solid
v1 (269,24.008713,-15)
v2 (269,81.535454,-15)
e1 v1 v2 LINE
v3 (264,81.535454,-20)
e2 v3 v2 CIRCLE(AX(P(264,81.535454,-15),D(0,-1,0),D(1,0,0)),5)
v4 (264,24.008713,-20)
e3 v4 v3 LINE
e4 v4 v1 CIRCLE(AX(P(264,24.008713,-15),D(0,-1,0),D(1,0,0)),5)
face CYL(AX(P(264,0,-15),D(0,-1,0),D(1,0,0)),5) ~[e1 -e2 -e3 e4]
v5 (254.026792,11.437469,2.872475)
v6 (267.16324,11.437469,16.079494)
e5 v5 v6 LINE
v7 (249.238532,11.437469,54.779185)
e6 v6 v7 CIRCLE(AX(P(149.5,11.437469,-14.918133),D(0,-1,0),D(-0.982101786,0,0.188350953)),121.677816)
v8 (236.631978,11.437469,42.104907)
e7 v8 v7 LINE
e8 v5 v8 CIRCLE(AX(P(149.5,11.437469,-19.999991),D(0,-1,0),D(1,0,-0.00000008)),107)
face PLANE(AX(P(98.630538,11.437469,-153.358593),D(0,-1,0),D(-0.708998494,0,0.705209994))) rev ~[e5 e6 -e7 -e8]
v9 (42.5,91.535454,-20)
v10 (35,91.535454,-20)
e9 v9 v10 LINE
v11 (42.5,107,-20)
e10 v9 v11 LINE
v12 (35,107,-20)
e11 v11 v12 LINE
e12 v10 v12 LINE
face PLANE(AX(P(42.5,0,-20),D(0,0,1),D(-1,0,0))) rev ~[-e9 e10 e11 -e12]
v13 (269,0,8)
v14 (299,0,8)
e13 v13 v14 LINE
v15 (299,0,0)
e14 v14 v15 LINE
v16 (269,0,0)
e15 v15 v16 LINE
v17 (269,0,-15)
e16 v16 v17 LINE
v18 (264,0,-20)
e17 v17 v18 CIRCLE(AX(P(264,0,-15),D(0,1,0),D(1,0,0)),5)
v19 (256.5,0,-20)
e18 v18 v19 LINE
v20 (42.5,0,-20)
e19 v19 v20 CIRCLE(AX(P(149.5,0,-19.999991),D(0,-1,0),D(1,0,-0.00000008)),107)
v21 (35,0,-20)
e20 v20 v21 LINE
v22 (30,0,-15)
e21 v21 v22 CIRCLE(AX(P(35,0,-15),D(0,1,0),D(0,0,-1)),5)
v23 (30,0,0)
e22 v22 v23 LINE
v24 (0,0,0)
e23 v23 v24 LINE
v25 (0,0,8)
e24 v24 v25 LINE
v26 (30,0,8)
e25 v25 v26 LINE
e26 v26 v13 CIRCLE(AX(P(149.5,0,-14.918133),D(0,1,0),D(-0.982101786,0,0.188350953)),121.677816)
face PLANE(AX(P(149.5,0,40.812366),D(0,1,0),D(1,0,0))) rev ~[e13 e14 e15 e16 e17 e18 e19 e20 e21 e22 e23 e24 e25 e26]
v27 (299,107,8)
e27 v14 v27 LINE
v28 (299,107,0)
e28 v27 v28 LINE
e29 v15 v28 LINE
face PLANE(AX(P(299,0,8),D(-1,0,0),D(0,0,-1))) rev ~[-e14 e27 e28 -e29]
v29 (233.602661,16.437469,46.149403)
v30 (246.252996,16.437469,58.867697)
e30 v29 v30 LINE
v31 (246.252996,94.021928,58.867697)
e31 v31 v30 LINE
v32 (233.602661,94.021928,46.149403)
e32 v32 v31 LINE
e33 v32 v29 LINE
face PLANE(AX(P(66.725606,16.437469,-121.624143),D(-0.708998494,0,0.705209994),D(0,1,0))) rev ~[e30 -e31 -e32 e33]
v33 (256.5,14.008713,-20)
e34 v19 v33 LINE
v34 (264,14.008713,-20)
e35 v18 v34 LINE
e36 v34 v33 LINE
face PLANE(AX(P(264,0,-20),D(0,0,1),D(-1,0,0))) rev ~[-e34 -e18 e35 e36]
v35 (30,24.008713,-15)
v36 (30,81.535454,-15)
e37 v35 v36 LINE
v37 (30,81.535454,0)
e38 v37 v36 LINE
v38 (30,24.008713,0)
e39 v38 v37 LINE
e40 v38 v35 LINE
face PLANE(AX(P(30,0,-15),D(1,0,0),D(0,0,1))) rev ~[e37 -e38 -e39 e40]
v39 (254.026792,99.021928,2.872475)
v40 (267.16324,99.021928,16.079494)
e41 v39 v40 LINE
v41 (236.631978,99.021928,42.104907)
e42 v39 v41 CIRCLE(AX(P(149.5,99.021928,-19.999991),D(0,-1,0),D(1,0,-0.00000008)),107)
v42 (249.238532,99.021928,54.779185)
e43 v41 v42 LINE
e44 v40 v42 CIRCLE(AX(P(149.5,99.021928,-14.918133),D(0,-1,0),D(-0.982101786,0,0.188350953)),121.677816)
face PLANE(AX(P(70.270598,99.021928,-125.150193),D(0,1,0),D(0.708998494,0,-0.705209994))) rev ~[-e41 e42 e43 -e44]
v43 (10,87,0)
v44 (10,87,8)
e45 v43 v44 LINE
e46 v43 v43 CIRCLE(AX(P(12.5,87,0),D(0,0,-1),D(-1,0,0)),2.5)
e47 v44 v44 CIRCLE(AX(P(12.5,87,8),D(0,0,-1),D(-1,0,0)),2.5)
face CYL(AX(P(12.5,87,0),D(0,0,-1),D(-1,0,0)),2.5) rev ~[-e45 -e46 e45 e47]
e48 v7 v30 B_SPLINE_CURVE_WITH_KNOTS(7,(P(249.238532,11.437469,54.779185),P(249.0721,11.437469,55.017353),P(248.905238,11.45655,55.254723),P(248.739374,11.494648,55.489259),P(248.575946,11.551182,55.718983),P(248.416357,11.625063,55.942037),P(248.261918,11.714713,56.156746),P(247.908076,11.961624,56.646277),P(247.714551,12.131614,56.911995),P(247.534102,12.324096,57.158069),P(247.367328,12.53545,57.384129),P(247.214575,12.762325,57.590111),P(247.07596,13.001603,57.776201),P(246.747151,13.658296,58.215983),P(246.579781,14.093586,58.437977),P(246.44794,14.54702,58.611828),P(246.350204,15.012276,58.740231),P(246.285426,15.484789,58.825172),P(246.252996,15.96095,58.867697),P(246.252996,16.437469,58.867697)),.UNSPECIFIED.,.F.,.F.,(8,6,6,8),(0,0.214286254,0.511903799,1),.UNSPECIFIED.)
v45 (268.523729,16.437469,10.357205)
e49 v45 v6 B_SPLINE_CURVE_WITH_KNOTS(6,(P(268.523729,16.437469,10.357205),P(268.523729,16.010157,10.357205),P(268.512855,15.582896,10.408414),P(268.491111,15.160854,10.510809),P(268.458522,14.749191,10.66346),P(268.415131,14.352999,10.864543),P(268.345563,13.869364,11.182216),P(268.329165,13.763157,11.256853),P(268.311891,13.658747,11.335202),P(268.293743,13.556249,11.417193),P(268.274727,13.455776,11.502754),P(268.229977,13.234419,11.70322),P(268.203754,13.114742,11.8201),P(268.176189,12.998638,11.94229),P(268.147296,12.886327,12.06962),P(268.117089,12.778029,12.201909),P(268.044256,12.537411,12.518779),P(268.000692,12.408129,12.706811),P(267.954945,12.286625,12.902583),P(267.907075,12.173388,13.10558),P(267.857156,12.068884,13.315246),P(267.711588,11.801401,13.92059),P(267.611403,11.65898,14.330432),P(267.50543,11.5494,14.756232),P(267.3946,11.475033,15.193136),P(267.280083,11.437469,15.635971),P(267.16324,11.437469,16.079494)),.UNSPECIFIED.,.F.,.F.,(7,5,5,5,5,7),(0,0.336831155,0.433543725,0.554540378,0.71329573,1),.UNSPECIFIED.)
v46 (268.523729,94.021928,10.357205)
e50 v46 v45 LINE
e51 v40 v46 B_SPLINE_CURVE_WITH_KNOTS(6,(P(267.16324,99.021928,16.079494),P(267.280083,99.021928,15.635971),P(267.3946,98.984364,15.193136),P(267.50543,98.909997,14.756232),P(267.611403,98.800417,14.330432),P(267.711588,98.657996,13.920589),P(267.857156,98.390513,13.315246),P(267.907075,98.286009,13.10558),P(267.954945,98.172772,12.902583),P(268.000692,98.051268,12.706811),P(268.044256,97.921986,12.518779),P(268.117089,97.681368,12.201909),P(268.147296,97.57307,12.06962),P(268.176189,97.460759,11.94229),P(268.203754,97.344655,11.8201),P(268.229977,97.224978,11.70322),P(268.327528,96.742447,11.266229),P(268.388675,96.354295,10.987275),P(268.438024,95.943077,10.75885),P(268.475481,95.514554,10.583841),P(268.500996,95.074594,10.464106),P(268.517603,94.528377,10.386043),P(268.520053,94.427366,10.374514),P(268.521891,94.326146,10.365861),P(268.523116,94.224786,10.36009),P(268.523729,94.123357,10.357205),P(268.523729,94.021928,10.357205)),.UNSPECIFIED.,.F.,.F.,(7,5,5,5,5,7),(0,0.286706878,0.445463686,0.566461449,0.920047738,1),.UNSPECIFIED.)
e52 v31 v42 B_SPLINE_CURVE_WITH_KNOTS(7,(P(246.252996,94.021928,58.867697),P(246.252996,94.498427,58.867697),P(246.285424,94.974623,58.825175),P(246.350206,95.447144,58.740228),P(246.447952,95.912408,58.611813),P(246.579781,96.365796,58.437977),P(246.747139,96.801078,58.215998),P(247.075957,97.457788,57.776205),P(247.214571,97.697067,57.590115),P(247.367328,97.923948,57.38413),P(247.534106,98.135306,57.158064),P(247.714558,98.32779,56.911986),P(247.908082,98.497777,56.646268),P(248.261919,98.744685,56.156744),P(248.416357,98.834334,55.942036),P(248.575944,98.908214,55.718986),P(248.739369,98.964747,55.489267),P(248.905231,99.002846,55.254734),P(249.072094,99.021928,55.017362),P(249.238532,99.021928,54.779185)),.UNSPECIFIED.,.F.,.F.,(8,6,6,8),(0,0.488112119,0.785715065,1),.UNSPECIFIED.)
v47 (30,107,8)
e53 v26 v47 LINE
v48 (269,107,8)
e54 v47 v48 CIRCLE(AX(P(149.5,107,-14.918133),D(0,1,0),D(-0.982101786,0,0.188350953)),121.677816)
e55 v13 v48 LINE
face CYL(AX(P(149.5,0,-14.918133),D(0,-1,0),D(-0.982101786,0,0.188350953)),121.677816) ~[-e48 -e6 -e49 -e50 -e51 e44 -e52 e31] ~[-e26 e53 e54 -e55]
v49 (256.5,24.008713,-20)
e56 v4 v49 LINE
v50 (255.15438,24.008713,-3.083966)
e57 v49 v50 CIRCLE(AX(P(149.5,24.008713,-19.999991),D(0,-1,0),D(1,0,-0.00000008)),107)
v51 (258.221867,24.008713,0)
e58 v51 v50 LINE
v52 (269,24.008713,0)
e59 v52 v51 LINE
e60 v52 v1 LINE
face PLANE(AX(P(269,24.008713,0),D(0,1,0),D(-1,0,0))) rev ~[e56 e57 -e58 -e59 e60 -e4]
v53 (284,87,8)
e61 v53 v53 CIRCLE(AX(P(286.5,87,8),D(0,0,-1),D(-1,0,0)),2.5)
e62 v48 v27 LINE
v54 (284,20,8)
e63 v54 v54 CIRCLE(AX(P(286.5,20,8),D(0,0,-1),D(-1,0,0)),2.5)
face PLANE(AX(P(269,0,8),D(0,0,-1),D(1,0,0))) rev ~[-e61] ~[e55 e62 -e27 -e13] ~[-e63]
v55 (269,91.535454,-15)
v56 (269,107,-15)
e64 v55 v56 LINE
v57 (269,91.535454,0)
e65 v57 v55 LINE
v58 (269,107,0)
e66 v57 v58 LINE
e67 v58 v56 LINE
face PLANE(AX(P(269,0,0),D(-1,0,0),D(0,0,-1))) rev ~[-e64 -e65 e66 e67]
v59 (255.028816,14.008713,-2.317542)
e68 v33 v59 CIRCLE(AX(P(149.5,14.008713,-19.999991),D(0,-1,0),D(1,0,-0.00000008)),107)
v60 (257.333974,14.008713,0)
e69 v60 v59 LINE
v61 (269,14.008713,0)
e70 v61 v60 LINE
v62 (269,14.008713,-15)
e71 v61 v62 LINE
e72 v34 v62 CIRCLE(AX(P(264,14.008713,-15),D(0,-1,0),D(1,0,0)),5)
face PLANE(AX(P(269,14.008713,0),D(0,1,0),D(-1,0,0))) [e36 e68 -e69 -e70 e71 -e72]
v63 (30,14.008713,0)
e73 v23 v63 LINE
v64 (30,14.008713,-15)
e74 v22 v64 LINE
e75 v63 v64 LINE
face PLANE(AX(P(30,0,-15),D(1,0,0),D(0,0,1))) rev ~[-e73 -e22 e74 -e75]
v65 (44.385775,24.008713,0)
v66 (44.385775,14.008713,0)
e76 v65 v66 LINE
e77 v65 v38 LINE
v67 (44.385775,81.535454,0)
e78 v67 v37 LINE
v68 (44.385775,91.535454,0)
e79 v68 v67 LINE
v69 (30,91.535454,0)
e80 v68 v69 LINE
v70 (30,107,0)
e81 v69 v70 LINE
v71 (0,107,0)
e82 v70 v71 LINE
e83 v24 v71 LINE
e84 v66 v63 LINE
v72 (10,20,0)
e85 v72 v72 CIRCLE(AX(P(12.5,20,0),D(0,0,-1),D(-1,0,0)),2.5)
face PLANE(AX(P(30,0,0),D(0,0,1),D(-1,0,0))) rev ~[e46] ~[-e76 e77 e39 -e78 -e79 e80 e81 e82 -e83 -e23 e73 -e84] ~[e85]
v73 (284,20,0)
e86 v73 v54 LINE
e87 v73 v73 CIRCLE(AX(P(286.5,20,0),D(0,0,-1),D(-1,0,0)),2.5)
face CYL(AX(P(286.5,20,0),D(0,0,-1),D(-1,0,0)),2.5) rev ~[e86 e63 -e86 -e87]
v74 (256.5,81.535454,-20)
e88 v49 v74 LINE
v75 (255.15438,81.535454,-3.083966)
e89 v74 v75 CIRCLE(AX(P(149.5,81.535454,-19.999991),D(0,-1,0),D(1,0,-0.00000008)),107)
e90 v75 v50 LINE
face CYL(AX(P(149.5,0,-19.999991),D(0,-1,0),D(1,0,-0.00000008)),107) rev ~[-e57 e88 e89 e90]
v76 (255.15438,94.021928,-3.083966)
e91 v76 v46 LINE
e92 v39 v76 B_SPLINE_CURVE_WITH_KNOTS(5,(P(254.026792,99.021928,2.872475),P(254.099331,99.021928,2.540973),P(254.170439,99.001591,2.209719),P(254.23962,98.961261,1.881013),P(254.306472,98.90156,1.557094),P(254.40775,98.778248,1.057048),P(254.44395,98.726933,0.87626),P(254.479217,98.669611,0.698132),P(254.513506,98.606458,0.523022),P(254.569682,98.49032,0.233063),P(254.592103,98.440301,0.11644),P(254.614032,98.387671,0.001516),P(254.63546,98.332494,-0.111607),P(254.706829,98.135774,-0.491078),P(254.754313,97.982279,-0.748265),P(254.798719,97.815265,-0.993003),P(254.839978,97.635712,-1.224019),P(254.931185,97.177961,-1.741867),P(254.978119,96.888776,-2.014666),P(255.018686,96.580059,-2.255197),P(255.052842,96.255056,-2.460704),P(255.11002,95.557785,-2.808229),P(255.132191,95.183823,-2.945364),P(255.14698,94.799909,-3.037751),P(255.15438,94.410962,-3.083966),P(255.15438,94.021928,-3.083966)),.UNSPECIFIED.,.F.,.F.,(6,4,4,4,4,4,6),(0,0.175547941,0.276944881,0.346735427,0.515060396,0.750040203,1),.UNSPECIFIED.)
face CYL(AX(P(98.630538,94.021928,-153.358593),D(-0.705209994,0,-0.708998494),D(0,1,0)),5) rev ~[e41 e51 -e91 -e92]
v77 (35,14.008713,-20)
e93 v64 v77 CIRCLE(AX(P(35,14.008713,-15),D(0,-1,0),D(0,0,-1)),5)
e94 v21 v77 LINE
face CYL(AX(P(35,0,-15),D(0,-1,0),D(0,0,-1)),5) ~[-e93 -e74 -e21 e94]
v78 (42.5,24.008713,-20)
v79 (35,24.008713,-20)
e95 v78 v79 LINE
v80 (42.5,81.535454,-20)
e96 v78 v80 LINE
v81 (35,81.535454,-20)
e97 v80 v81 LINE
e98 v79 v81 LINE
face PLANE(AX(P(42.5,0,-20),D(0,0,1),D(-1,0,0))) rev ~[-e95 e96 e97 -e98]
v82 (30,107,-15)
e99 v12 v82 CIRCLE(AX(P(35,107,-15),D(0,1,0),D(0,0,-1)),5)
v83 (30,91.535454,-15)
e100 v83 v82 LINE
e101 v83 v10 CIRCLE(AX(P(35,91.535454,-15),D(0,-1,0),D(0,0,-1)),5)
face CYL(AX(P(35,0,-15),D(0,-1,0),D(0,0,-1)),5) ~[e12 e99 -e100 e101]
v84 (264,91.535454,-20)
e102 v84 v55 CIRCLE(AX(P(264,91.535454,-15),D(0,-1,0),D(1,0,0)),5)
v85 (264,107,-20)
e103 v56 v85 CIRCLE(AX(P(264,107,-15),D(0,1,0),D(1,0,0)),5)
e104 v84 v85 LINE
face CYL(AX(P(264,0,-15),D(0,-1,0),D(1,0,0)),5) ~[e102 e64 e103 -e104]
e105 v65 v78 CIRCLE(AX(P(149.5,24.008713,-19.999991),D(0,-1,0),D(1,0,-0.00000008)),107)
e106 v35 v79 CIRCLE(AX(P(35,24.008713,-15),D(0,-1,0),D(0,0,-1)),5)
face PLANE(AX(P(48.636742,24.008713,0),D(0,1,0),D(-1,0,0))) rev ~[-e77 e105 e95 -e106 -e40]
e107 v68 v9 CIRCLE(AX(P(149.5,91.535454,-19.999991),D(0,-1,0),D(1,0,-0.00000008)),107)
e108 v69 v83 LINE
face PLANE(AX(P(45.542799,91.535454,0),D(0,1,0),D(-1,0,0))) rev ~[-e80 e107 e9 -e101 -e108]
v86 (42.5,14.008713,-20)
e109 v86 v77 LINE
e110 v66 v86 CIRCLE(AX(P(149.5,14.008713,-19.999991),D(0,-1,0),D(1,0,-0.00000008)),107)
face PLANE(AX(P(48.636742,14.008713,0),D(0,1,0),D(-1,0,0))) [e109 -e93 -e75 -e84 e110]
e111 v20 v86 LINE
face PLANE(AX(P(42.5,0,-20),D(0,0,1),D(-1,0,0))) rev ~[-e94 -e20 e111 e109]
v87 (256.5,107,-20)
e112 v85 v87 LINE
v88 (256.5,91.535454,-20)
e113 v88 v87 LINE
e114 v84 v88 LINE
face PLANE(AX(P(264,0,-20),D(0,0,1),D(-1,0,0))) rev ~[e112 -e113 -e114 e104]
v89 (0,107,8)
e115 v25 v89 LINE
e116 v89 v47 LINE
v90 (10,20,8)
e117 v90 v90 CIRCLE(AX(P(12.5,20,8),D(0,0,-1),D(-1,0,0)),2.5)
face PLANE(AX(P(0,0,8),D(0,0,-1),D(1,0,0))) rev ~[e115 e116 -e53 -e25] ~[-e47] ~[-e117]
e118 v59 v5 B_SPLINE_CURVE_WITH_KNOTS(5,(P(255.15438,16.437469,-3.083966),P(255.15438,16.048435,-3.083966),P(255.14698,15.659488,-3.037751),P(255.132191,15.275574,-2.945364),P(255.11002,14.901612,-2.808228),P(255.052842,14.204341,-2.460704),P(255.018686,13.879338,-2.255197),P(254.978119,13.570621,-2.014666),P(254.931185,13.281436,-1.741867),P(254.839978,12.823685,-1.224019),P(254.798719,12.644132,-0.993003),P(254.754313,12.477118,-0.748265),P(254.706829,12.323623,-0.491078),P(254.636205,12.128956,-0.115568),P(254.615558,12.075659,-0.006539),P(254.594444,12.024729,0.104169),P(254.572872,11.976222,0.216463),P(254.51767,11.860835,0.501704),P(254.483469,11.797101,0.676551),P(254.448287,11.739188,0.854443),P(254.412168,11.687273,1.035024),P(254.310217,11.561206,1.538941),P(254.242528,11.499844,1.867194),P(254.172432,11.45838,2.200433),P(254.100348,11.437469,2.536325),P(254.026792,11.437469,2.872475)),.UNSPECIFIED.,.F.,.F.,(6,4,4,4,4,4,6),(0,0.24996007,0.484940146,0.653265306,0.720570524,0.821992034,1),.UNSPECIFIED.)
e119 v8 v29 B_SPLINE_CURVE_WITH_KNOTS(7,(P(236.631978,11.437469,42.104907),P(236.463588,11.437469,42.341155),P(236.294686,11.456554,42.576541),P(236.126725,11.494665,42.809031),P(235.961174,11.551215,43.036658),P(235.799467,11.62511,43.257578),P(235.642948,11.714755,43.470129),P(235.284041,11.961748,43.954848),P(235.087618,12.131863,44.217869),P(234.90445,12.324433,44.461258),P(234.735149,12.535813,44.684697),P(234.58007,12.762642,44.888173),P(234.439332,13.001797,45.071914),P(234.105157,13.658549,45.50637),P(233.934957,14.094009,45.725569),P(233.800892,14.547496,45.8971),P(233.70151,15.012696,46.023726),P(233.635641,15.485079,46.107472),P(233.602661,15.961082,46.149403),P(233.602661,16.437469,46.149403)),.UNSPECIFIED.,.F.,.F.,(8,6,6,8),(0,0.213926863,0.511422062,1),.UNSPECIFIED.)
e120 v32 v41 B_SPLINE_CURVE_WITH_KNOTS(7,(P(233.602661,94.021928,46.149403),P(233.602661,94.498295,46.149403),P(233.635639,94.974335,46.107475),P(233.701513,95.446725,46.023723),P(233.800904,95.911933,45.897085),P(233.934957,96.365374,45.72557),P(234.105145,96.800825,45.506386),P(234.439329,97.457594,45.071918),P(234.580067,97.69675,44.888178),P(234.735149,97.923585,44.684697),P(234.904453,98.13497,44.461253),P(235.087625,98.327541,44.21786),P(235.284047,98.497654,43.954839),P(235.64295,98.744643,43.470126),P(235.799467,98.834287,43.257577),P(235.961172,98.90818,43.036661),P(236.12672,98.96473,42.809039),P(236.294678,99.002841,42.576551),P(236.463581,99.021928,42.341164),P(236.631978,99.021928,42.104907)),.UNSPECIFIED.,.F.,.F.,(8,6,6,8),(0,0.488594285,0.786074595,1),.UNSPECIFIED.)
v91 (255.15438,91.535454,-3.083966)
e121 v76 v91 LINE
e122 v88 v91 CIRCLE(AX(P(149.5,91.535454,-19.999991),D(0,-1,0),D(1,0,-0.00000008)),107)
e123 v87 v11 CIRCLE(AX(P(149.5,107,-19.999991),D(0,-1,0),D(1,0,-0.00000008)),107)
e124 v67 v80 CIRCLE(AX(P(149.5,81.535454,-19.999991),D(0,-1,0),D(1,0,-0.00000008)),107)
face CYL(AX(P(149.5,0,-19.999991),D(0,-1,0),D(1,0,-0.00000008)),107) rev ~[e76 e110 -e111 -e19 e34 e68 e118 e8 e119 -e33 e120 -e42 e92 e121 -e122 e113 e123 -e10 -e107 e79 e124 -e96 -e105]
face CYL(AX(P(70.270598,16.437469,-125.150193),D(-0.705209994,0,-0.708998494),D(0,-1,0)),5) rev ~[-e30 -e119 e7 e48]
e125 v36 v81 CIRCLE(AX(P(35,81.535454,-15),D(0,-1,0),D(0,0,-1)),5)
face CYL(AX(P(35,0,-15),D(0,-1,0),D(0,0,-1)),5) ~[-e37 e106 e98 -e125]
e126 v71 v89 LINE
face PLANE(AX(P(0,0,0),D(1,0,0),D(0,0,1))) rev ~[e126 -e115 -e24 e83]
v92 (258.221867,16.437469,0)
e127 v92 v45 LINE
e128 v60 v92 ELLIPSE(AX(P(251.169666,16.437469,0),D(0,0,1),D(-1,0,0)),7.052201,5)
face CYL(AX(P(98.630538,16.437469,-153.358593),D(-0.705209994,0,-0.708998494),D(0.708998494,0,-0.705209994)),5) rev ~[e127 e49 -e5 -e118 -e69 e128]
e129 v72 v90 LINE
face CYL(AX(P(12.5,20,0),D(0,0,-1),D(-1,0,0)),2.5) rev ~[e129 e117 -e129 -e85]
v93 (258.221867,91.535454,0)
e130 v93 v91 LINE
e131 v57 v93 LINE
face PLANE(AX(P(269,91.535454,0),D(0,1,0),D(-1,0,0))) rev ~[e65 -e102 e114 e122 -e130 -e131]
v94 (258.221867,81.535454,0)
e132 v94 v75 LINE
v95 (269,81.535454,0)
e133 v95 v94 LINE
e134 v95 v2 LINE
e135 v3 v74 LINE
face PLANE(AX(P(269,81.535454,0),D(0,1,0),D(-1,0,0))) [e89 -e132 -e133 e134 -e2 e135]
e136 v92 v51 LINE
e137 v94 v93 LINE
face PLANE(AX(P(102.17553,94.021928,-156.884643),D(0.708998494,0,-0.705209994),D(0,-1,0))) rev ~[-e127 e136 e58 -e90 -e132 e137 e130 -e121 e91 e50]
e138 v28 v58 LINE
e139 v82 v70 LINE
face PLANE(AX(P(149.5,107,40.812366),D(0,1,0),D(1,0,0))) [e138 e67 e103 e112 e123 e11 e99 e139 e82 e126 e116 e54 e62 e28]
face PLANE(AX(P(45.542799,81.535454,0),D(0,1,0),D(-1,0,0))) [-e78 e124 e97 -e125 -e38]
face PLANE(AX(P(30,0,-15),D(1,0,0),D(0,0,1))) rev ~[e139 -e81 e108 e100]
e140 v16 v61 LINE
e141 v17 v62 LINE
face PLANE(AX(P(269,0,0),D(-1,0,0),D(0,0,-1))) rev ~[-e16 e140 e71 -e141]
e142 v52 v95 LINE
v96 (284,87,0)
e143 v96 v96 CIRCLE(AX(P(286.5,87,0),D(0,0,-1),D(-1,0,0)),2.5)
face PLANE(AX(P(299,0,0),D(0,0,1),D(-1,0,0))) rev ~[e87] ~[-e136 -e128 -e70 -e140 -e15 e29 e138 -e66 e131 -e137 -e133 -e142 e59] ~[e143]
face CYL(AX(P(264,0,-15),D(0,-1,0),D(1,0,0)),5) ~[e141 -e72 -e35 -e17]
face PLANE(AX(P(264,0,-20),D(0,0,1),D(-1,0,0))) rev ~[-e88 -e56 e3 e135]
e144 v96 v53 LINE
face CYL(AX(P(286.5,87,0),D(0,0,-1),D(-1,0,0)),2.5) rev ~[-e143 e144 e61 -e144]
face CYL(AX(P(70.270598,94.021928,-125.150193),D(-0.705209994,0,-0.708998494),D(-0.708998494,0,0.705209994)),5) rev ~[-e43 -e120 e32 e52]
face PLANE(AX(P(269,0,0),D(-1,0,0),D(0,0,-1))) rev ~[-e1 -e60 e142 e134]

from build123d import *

# Parameters (mm, degrees)
BOSS_EXTRUDE1_DEPTH     = 107
SKETCH2_R               = 2.5
CUT_EXTRUDE1_DEPTH      = 336.0337743
CUT_EXTRUDE4_REACH      = 337.034
SKETCH5_W               = 15.542799326
SKETCH5_H               = 10
SKETCH5_W_2             = 18.63674205
CUT_EXTRUDE5_DEPTH      = 255.70554643
CUT_EXTRUDE5_DEPTH_BACK = 255.70554643


with BuildPart() as part:
    # Sketch1 → Boss-Extrude1 (new body)
    with BuildSketch(Plane(origin=(0, 0, 0), x_dir=(1, 0, 0), z_dir=(0, 1, 0))):
        with BuildLine():
            Line((0, 0), (0, -8))
            Line((0, -8), (30, -8))
            ThreePointArc((30, -8), (149.5, -106.759683035), (269, -8))
            Line((269, -8), (299, -8))
            Line((299, -8), (299, 0))
            Line((299, 0), (269, 0))
            Line((269, 0), (269, 15))
            ThreePointArc((269, 15), (267.535533906, 18.535533906), (264, 20))
            Line((264, 20), (256.5, 20))
            ThreePointArc((256.5, 20), (149.5, -87.000008561), (42.5, 20))
            Line((42.5, 20), (35, 20))
            ThreePointArc((35, 20), (31.464466094, 18.535533906), (30, 15))
            Line((30, 15), (30, 0))
            Line((30, 0), (0, 0))
        make_face()
    extrude(amount=BOSS_EXTRUDE1_DEPTH)

    # Sketch2 → Cut-Extrude1 (cut, through all)
    with BuildSketch(Plane(origin=(0, 0, 0), x_dir=(-1, 0, 0), z_dir=(0, 0, -1))):
        with Locations((-286.5, 87)):
            Circle(SKETCH2_R)
        with Locations((-286.5, 20)):
            Circle(SKETCH2_R)
        with Locations((-12.5, 87)):
            Circle(SKETCH2_R)
        with Locations((-12.5, 20)):
            Circle(SKETCH2_R)
    extrude(amount=-CUT_EXTRUDE1_DEPTH, mode=Mode.SUBTRACT)

    # Cut-Extrude4: up to this face of the body (flat: up to its plane)
    cut_extrude4_end = Plane(part.part.faces().sort_by_distance((260.25, 53.5, -20))[0])
    # Sketch5 → Cut-Extrude4 (cut, up to the picked face)
    with BuildSketch(Plane(origin=(0, 0, 0), x_dir=(-1, 0, 0), z_dir=(0, 0, -1)), mode=Mode.PRIVATE) as cut_extrude4_sk1:
        with Locations((-261.228600337, 86.535453814)):
            Rectangle(SKETCH5_W, SKETCH5_H)
    cut_extrude4_tool1 = split(extrude(cut_extrude4_sk1.sketch, amount=CUT_EXTRUDE4_REACH, mode=Mode.PRIVATE), bisect_by=cut_extrude4_end, keep=Keep.BOTH, mode=Mode.PRIVATE)
    # Sketch5 → Cut-Extrude4 (cut, up to the picked face)
    with BuildSketch(Plane(origin=(0, 0, 0), x_dir=(-1, 0, 0), z_dir=(0, 0, -1)), mode=Mode.PRIVATE) as cut_extrude4_sk2:
        with Locations((-259.681628975, 19.008712967)):
            Rectangle(SKETCH5_W_2, SKETCH5_H)
    cut_extrude4_tool2 = split(extrude(cut_extrude4_sk2.sketch, amount=CUT_EXTRUDE4_REACH, mode=Mode.PRIVATE), bisect_by=cut_extrude4_end, keep=Keep.BOTH, mode=Mode.PRIVATE)
    # Sketch5 → Cut-Extrude4 (cut, up to the picked face)
    with BuildSketch(Plane(origin=(0, 0, 0), x_dir=(-1, 0, 0), z_dir=(0, 0, -1)), mode=Mode.PRIVATE) as cut_extrude4_sk3:
        with Locations((-39.318371025, 19.008712967)):
            Rectangle(SKETCH5_W_2, SKETCH5_H)
    cut_extrude4_tool3 = split(extrude(cut_extrude4_sk3.sketch, amount=CUT_EXTRUDE4_REACH, mode=Mode.PRIVATE), bisect_by=cut_extrude4_end, keep=Keep.BOTH, mode=Mode.PRIVATE)
    # Sketch5 → Cut-Extrude4 (cut, up to the picked face)
    with BuildSketch(Plane(origin=(0, 0, 0), x_dir=(-1, 0, 0), z_dir=(0, 0, -1)), mode=Mode.PRIVATE) as cut_extrude4_sk4:
        with Locations((-37.771399663, 86.535453814)):
            Rectangle(SKETCH5_W, SKETCH5_H)
    cut_extrude4_tool4 = split(extrude(cut_extrude4_sk4.sketch, amount=CUT_EXTRUDE4_REACH, mode=Mode.PRIVATE), bisect_by=cut_extrude4_end, keep=Keep.BOTH, mode=Mode.PRIVATE)
    add(cut_extrude4_tool1.solids().sort_by(Axis((261.2286, 86.535454, 0), (0, 0, -1)))[0], mode=Mode.SUBTRACT)
    add(cut_extrude4_tool2.solids().sort_by(Axis((259.681629, 19.008713, 0), (0, 0, -1)))[0], mode=Mode.SUBTRACT)
    add(cut_extrude4_tool3.solids().sort_by(Axis((39.318371, 19.008713, 0), (0, 0, -1)))[0], mode=Mode.SUBTRACT)
    add(cut_extrude4_tool4.solids().sort_by(Axis((37.7714, 86.535454, 0), (0, 0, -1)))[0], mode=Mode.SUBTRACT)

    # Sketch8 → Cut-Extrude5 (cut, two sides: drawn at the far end of the back side and taken through both)
    with BuildSketch(Plane(origin=(152.698962186, 0, 153.519285181), x_dir=(0.7089984938103423, 0, -0.7052099940972661), z_dir=(0.7052099940972661, 0, 0.7089984938103423)).offset(-CUT_EXTRUDE5_DEPTH_BACK)):
        with BuildLine():
            Line((138.078914882, 99.021927615), (178.078914882, 99.021927615))
            ThreePointArc((178.078914882, 99.021927615), (181.614448788, 97.557461521), (183.078914882, 94.021927615))
            Line((183.078914882, 94.021927615), (183.078914882, 16.437469362))
            ThreePointArc((183.078914882, 16.437469362), (181.614448788, 12.901935456), (178.078914882, 11.437469362))
            Line((178.078914882, 11.437469362), (138.078914882, 11.437469362))
            ThreePointArc((138.078914882, 11.437469362), (134.543380976, 12.901935456), (133.078914882, 16.437469362))
            Line((133.078914882, 16.437469362), (133.078914882, 94.021927615))
            ThreePointArc((133.078914882, 94.021927615), (134.543380976, 97.557461521), (138.078914882, 99.021927615))
        make_face()
    extrude(amount=CUT_EXTRUDE5_DEPTH + CUT_EXTRUDE5_DEPTH_BACK, mode=Mode.SUBTRACT)


solid = part.part
